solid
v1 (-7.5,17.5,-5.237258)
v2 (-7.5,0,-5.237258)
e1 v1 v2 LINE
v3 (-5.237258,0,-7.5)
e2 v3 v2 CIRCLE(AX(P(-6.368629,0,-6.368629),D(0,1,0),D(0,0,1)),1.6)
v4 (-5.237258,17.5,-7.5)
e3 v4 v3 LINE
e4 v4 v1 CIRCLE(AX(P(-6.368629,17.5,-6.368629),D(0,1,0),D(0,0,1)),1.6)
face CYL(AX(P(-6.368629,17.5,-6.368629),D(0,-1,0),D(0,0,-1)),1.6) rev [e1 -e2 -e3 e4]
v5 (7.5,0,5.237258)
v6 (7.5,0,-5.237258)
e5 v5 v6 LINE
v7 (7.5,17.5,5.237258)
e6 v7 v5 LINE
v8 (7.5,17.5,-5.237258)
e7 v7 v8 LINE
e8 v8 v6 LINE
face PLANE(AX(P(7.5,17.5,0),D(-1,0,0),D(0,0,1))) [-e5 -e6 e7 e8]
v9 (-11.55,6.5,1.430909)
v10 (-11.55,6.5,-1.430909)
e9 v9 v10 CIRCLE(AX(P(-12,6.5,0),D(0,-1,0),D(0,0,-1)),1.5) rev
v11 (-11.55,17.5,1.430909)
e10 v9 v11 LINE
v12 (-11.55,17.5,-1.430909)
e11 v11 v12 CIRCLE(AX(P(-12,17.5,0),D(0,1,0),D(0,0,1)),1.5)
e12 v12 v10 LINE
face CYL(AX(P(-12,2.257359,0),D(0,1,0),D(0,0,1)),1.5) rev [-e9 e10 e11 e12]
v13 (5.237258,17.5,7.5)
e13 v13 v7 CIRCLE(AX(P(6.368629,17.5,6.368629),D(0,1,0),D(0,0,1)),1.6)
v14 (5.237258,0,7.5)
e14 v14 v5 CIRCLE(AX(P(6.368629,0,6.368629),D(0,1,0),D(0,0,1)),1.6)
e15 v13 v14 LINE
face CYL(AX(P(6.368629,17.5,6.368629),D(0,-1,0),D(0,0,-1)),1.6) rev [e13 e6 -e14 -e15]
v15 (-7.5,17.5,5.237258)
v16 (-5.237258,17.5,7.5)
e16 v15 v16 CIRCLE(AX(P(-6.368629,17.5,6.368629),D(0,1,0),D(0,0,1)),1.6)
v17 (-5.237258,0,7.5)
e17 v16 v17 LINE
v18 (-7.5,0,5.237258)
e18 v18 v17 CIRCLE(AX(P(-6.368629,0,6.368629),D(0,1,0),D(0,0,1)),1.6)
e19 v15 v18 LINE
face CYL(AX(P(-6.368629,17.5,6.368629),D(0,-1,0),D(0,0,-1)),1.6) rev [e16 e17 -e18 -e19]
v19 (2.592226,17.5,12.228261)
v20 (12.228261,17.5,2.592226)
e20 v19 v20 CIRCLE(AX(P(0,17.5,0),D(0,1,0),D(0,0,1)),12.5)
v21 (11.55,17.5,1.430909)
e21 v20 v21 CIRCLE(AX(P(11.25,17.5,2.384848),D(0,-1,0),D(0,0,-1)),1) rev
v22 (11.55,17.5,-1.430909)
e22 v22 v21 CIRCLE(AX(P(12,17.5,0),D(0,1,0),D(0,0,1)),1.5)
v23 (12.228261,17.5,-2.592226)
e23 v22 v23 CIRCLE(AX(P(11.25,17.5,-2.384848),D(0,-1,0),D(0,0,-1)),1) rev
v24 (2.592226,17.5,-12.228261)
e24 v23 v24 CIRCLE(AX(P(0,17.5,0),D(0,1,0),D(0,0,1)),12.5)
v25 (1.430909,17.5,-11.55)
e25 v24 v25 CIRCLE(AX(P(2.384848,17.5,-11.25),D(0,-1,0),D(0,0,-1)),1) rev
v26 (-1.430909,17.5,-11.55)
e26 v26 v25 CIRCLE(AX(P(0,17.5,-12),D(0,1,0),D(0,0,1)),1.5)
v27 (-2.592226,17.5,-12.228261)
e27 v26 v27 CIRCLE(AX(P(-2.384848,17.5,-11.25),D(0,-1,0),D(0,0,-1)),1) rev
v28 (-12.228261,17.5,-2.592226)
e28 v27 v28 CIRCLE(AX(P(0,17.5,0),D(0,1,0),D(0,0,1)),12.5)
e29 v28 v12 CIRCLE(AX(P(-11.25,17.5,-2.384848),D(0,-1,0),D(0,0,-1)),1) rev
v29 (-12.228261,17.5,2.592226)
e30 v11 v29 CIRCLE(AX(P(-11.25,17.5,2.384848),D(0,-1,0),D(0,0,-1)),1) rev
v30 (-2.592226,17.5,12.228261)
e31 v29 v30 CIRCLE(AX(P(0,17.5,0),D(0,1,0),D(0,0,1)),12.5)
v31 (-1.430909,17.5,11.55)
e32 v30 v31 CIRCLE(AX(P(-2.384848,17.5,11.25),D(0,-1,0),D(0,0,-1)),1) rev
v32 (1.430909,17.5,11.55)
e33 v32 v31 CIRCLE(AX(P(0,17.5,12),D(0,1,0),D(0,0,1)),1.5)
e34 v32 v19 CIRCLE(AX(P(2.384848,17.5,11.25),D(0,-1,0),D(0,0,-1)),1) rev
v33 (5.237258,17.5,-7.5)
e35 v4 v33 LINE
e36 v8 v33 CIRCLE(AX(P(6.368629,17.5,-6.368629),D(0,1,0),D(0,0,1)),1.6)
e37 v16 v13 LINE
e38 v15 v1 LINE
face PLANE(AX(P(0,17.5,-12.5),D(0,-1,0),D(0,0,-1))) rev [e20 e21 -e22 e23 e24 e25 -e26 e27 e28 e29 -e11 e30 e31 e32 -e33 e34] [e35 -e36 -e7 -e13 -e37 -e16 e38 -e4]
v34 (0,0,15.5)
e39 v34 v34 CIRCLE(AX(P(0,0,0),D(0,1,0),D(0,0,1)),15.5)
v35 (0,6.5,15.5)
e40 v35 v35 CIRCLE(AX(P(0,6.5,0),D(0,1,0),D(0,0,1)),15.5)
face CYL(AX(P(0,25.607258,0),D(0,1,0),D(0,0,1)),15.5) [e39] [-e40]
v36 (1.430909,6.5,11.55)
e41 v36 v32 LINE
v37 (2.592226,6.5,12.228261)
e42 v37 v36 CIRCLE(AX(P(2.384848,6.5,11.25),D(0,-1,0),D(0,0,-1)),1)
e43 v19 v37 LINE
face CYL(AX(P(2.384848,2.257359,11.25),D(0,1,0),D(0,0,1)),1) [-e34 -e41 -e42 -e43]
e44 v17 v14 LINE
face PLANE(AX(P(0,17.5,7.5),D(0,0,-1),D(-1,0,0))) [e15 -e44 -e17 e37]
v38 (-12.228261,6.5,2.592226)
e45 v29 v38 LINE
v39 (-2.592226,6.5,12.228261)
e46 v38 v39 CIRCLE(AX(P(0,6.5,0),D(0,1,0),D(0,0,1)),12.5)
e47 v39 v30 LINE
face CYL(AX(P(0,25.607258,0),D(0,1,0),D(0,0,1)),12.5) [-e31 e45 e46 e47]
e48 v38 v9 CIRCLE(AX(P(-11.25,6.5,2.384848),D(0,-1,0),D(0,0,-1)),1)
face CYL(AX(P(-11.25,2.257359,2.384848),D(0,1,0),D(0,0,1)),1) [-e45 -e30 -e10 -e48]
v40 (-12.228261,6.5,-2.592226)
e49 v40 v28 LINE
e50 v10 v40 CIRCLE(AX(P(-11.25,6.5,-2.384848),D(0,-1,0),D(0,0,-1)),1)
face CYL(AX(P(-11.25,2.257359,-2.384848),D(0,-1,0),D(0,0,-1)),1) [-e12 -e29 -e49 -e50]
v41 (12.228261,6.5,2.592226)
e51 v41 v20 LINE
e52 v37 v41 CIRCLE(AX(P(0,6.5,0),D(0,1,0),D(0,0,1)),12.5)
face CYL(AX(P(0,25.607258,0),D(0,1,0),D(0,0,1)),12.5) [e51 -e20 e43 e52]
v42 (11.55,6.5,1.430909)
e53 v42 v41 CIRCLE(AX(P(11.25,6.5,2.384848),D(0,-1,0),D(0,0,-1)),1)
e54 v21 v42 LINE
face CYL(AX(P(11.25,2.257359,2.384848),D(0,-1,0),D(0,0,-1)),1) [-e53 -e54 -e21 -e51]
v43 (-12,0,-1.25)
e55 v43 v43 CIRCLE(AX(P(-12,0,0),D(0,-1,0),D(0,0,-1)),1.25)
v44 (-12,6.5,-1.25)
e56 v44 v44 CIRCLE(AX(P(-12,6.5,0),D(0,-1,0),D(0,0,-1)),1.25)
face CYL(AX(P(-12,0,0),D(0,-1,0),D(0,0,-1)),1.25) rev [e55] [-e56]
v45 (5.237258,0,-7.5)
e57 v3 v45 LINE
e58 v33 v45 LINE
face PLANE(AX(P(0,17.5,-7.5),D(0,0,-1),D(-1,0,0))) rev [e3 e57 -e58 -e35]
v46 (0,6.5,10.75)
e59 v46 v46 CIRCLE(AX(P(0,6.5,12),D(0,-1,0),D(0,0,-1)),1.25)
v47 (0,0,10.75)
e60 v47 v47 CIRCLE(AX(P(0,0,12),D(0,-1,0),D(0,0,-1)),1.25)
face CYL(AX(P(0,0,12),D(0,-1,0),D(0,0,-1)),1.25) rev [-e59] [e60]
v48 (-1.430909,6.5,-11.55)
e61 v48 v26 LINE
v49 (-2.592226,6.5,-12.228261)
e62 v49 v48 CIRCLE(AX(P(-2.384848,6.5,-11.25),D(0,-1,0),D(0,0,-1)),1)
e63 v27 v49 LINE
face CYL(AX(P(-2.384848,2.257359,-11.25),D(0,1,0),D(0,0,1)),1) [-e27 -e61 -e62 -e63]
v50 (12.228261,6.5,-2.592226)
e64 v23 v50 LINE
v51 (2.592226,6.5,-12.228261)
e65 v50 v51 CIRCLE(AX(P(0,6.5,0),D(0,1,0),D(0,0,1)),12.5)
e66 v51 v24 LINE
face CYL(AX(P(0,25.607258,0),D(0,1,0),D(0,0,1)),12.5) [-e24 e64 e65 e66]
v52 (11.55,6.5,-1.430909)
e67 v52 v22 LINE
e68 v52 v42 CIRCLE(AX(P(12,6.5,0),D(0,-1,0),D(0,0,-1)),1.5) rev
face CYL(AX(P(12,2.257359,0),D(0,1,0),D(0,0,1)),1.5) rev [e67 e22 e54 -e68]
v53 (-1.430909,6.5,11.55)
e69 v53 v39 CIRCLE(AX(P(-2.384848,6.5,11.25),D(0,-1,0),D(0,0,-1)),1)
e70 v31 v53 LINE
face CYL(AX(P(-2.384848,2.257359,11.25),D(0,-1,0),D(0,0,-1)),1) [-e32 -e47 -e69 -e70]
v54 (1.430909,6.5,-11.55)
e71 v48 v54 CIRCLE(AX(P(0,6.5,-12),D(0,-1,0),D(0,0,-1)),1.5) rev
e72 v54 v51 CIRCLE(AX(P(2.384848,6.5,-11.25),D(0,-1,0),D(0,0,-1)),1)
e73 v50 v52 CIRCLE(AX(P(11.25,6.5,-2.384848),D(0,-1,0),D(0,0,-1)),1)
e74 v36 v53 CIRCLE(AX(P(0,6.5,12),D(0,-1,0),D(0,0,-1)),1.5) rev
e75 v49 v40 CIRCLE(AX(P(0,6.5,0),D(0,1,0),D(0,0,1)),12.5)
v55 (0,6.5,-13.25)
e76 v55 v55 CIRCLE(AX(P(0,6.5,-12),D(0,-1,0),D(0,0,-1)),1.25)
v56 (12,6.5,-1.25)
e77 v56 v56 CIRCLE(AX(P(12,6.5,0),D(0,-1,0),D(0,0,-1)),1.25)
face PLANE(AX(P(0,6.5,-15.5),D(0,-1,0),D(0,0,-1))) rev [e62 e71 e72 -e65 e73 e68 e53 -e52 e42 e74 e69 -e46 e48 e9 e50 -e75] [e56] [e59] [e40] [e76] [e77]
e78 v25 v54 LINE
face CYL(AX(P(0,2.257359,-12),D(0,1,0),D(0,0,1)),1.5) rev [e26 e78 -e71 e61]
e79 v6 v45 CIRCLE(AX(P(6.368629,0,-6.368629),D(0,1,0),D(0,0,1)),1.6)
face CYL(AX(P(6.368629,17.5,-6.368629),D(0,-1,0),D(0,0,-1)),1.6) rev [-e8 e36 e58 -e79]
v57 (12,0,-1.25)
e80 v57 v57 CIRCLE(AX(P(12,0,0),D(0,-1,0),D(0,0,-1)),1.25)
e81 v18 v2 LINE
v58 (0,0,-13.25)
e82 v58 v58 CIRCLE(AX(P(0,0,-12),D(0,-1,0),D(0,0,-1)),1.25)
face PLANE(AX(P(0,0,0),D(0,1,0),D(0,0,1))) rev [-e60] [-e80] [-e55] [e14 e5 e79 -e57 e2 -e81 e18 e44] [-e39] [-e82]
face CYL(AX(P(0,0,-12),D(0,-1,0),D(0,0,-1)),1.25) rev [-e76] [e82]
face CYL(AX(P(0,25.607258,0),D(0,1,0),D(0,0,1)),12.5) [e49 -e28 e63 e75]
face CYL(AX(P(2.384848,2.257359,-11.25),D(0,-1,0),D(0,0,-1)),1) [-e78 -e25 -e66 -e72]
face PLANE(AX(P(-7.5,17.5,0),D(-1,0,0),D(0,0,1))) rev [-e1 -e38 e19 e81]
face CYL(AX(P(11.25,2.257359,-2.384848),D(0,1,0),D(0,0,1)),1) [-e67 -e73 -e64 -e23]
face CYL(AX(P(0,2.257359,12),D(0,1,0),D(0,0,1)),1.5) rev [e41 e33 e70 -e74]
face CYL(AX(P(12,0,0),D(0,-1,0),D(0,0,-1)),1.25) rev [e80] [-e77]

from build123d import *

# Parameters (mm, degrees)
SKETCH_2_R          = 1.6
SKETCH_2_W          = 15
SKETCH_2_H          = 15
CUT_EXTRUDE_1_DEPTH = 29.049064156
HOLE_WIZARD_M3_1_D  = 2.5
SKETCH_6_R          = 1.5
CUT_EXTRUDE_2_DEPTH = 11
FILLET_1_R          = 1


with BuildPart() as part:
    # 草图1 → 旋转1 (revolve)
    with BuildSketch(Plane(origin=(0, 0, 0), x_dir=(0, 0, -1), z_dir=(1, 0, 0)), mode=Mode.PRIVATE) as revolve_1_sk:
        Polygon((0, 0), (15.5, 0), (15.5, 6.5), (12.5, 6.5), (12.5, 17.5), (0, 17.5), align=None)
    revolve(revolve_1_sk.sketch.rotate(Axis((0, 25.607258106, 0), (0, -1, 0)), 180), axis=Axis((0, 25.607258106, 0), (0, -1, 0)))

    # 草图2 → 切除-拉伸1 (cut, through all)
    with BuildSketch(Plane(origin=(0, 0, 0), x_dir=(1, 0, 0), z_dir=(0, 1, 0))):
        with Locations((6.36862915, 6.36862915)):
            Circle(SKETCH_2_R)
        with Locations((-6.36862915, 6.36862915)):
            Circle(SKETCH_2_R)
        with Locations((-6.36862915, -6.36862915)):
            Circle(SKETCH_2_R)
        with Locations((6.36862915, -6.36862915)):
            Circle(SKETCH_2_R)
        Rectangle(SKETCH_2_W, SKETCH_2_H)
    extrude(amount=CUT_EXTRUDE_1_DEPTH, mode=Mode.SUBTRACT)

    # M3 螺纹孔1 (through all)
    with Locations(Plane(origin=(0, 0, 0), x_dir=(-1, 0, 0), z_dir=(0, -1, 0))):
        with Locations((12, 0), (0, 12), (-12, 0), (0, -12)):
            Hole(HOLE_WIZARD_M3_1_D / 2)

    # 草图6 → 切除-拉伸2 (cut)
    with BuildSketch(Plane(origin=(0, 17.5, 0), x_dir=(1, 0, 0), z_dir=(0, 1, 0))):
        with Locations((-12, 0)):
            Circle(SKETCH_6_R)
        with Locations((0, 12)):
            Circle(SKETCH_6_R)
        with Locations((12, 0)):
            Circle(SKETCH_6_R)
        with Locations((0, -12)):
            Circle(SKETCH_6_R)
    extrude(amount=-CUT_EXTRUDE_2_DEPTH, mode=Mode.SUBTRACT)

    # 圆角1
    fillet_1_edges = [part.edges().sort_by_distance(p)[0] for p in [
        (-12.416666667, 12, 1.440968039),
        (-12.416666667, 12, -1.440968039),
        (-1.440968039, 12, -12.416666667),
        (1.440968039, 12, -12.416666667),
        (12.416666667, 12, -1.440968039),
        (12.416666667, 12, 1.440968039),
        (-1.440968039, 12, 12.416666667),
        (1.440968039, 12, 12.416666667),
    ]]
    fillet(fillet_1_edges, radius=FILLET_1_R)


solid = part.part
